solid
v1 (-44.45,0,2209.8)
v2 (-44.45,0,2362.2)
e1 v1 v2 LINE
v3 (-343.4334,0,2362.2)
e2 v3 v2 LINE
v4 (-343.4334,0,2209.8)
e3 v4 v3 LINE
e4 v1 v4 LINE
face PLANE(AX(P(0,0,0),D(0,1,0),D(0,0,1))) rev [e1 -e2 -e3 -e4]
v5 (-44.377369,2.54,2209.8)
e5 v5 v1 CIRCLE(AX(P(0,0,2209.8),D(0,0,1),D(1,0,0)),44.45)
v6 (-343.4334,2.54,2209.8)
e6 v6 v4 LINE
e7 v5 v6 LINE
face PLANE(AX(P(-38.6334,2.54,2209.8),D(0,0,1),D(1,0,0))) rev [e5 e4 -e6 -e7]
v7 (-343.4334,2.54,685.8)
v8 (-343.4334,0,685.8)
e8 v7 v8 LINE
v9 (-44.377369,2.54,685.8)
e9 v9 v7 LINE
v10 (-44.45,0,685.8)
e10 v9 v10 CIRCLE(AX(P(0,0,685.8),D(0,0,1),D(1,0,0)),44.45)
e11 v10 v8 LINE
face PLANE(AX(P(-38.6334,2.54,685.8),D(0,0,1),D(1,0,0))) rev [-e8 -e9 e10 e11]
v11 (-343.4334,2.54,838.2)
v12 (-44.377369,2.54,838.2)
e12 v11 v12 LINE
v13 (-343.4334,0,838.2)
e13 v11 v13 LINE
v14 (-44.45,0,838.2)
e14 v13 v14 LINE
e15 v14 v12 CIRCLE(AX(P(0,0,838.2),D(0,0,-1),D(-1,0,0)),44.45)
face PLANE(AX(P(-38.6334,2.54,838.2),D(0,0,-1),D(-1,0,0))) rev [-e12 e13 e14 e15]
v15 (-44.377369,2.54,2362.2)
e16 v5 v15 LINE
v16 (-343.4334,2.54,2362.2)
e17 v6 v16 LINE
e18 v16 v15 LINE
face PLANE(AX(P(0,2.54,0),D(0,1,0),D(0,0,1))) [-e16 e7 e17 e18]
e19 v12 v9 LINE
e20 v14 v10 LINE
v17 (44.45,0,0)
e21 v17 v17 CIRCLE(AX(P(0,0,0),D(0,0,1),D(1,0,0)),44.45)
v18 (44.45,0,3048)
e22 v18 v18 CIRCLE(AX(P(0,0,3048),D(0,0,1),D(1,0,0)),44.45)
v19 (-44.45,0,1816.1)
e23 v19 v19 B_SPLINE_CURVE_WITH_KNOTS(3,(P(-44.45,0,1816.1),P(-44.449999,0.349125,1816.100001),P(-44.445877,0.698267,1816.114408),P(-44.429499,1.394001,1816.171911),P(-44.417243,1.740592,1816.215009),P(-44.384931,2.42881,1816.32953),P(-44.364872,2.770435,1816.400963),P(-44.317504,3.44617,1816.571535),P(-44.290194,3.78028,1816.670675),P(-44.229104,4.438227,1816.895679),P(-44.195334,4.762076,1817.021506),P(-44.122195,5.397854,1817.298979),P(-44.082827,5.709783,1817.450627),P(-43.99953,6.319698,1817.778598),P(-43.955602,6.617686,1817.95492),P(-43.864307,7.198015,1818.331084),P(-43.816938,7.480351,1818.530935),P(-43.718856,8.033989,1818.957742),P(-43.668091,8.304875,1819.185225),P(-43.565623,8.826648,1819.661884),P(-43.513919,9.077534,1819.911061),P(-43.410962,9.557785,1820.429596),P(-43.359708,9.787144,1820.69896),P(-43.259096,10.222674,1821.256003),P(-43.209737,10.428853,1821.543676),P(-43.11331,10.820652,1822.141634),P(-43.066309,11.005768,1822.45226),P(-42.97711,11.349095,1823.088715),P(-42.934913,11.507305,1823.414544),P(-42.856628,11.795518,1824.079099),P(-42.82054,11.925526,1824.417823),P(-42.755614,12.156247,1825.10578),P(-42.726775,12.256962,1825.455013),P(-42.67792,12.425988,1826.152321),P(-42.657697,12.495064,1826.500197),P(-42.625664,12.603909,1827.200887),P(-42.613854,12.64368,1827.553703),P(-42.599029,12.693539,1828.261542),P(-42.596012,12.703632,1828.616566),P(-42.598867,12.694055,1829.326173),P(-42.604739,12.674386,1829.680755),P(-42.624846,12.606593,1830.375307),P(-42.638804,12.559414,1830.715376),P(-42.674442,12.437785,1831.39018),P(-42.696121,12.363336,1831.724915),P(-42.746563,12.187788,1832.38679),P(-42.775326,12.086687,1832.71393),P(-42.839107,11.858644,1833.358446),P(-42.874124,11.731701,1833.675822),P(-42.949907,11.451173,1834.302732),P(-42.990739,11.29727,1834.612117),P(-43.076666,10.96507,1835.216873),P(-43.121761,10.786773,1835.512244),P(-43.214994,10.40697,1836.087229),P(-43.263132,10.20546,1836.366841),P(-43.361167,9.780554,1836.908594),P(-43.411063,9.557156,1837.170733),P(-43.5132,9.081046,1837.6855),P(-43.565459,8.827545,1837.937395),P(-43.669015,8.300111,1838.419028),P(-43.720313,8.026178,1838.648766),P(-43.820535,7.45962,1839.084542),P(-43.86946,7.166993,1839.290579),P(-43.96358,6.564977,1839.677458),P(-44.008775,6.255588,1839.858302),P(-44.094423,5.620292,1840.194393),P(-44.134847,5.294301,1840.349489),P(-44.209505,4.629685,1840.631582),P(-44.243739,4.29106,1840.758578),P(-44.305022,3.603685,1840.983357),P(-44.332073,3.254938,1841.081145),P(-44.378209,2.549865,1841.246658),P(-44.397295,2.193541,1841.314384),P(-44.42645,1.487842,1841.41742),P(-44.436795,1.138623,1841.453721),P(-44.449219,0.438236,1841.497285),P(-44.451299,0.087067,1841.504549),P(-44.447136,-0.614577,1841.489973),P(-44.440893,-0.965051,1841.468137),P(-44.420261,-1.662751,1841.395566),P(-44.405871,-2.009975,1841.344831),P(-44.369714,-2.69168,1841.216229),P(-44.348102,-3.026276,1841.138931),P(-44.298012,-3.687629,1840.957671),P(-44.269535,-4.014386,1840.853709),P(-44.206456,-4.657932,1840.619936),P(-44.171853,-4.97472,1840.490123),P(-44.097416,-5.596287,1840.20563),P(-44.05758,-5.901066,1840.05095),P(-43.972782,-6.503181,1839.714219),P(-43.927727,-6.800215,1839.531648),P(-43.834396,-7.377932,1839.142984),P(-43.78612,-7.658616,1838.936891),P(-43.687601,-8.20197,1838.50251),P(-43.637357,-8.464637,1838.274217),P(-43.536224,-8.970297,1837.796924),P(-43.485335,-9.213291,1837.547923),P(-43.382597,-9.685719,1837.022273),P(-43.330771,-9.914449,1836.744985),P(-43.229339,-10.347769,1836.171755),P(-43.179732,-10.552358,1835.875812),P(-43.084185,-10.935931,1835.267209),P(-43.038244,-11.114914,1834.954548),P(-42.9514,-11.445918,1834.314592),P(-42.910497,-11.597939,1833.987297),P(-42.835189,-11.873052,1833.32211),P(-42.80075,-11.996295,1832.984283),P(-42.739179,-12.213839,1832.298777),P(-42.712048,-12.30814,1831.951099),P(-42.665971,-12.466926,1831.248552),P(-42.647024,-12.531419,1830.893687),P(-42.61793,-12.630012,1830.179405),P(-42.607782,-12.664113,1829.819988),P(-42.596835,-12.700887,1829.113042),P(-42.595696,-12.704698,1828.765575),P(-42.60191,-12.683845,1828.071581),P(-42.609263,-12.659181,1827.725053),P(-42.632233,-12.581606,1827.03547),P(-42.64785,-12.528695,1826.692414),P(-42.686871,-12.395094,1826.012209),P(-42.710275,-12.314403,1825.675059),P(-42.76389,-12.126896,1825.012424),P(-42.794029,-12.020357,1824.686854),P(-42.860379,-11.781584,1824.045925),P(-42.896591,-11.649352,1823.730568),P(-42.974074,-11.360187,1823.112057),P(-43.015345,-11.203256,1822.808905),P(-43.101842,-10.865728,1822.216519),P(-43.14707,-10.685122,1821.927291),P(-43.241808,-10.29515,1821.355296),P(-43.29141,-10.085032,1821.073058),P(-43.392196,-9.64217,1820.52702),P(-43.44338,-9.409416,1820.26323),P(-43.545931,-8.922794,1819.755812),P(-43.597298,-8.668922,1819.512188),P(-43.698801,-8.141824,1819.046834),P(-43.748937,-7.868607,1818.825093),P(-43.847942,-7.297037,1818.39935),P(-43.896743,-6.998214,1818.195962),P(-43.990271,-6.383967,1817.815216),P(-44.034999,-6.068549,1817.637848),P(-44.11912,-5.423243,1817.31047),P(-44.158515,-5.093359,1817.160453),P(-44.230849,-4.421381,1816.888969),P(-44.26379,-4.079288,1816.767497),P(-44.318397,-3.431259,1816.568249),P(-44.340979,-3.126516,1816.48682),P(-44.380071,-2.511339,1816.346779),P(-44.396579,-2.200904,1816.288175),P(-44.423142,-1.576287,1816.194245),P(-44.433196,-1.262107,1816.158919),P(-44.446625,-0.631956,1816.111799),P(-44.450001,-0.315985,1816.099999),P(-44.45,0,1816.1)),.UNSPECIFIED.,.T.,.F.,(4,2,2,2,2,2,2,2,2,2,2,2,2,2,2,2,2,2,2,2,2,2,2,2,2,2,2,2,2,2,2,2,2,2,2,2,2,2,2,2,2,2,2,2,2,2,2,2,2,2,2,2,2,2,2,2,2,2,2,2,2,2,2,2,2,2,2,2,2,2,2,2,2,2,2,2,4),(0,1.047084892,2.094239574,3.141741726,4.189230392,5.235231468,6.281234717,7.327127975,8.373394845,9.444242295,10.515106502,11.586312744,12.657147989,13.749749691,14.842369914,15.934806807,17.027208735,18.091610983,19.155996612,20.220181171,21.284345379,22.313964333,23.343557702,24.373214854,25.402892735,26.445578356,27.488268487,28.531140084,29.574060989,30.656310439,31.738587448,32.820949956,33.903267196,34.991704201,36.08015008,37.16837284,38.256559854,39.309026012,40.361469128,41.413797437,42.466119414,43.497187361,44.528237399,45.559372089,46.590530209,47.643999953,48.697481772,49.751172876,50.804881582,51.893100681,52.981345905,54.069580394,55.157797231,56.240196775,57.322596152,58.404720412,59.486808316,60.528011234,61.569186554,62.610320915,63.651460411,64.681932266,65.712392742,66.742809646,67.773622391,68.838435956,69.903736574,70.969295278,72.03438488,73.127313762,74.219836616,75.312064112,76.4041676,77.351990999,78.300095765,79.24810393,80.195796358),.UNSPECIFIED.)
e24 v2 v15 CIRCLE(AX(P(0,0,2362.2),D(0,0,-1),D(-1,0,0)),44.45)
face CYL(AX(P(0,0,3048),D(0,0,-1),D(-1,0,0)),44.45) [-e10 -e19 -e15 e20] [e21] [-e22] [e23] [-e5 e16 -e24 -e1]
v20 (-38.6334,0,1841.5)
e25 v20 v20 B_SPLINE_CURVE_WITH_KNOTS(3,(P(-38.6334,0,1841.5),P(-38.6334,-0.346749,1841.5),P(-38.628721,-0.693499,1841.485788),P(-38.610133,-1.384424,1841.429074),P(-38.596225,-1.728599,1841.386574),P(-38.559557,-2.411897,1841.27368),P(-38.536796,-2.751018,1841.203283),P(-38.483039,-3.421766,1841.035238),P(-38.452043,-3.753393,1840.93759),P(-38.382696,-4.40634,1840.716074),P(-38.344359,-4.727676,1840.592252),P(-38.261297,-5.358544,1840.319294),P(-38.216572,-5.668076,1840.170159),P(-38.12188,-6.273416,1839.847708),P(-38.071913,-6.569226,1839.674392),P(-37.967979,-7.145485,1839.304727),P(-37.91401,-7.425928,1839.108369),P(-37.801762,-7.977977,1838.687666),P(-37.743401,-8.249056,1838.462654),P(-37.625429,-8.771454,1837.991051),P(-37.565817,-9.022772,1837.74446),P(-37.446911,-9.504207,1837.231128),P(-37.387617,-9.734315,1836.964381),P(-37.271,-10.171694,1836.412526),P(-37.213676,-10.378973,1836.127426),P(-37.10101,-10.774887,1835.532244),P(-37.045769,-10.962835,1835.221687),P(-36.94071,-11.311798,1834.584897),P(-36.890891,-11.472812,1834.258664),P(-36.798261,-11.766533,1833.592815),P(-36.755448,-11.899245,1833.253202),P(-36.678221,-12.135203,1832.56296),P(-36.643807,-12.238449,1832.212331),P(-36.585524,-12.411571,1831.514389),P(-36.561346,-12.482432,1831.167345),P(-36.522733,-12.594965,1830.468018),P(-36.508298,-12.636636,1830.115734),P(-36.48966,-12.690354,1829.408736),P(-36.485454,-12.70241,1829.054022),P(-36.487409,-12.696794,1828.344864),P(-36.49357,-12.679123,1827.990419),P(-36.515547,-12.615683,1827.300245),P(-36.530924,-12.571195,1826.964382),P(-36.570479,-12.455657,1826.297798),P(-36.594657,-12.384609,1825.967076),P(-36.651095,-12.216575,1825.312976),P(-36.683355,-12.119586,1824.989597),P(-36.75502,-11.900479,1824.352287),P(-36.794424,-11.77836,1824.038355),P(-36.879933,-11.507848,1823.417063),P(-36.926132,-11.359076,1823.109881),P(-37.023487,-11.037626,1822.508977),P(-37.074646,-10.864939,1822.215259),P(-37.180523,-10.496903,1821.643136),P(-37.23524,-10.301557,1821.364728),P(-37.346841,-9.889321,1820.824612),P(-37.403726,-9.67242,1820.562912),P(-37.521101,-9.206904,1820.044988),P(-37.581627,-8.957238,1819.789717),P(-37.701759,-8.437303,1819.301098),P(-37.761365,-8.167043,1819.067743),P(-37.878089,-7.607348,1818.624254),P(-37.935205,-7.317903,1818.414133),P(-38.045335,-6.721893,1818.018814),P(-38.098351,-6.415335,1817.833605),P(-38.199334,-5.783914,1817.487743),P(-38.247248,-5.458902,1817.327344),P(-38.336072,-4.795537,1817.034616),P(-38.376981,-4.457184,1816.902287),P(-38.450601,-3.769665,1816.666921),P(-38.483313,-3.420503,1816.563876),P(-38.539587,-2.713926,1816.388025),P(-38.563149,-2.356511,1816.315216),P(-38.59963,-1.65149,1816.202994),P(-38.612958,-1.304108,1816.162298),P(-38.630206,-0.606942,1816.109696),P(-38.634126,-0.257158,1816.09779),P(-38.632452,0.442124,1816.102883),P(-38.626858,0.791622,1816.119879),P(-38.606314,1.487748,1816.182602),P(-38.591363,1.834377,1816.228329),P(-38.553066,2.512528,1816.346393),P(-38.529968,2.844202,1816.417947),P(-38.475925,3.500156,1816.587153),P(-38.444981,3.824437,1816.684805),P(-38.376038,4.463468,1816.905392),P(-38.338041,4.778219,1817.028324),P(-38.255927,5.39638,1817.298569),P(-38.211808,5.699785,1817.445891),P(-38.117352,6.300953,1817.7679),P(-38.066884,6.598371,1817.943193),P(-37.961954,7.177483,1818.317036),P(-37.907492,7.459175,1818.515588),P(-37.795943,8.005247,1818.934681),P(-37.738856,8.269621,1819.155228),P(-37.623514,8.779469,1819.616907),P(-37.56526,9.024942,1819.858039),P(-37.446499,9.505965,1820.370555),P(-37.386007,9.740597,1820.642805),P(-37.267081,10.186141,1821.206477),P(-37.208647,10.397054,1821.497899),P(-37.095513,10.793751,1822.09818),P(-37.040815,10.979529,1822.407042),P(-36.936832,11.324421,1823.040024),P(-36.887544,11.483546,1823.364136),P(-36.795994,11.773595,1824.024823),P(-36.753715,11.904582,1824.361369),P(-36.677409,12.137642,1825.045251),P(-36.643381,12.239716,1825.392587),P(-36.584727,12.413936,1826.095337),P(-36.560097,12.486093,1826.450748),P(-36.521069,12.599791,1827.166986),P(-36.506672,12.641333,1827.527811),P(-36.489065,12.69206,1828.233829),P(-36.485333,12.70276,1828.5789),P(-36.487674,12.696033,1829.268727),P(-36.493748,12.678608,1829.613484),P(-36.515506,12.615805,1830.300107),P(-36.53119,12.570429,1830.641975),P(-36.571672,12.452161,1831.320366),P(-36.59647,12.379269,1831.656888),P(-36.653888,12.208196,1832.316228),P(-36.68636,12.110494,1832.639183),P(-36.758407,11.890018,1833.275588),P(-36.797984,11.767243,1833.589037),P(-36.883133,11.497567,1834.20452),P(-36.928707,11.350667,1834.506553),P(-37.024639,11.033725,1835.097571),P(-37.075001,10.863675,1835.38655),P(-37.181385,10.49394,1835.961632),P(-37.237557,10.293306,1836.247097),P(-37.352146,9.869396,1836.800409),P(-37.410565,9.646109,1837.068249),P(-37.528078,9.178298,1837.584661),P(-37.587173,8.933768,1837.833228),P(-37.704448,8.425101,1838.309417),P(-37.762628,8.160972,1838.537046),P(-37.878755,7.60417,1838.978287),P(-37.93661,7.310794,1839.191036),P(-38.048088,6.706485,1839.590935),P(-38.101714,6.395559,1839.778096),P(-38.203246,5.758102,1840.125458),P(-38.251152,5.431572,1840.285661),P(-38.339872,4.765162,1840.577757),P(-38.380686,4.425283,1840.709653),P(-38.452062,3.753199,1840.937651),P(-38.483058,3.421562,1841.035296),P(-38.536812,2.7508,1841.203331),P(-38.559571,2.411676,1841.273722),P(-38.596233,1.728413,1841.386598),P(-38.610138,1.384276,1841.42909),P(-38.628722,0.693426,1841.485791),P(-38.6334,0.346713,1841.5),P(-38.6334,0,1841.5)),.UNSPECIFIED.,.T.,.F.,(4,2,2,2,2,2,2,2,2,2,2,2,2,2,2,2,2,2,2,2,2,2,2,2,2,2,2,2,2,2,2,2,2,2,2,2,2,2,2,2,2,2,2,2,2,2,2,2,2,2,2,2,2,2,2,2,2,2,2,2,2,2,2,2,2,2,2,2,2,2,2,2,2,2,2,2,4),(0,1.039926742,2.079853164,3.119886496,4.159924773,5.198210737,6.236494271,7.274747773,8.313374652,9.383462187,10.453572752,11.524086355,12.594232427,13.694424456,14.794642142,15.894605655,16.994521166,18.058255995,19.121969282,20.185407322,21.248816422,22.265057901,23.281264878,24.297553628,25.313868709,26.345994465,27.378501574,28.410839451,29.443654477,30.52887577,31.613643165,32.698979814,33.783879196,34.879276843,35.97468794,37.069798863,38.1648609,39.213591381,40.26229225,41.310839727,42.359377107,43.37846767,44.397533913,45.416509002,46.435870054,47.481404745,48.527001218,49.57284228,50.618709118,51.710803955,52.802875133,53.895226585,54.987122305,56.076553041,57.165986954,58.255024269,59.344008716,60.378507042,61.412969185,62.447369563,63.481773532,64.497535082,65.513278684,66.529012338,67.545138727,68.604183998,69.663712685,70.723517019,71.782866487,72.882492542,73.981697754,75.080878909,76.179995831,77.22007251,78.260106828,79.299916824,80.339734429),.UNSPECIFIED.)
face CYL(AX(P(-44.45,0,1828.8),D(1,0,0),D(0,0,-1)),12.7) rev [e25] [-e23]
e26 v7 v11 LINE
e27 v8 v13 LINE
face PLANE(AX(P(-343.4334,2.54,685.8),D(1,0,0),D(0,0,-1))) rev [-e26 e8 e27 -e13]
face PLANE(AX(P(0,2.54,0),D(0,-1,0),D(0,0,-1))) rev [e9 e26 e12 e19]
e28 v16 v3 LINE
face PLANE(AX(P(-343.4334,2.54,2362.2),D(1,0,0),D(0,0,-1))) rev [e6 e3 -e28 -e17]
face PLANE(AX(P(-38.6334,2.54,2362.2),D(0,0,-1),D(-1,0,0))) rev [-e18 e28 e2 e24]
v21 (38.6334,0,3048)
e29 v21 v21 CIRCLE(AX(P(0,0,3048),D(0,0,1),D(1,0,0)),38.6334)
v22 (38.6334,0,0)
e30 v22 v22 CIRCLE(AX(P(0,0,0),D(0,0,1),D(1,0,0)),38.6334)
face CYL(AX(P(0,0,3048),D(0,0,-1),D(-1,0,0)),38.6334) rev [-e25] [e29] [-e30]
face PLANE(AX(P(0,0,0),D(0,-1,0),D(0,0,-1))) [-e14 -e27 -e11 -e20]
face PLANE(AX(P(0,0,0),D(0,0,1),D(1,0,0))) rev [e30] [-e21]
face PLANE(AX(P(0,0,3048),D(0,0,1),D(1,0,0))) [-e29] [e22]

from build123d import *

# Parameters (mm, degrees)
SKETCH1_R           = 44.45
SKETCH1_R_2         = 38.6334
BOSS_EXTRUDE1_DEPTH = 3048
SKETCH2_R           = 12.7
CUT_EXTRUDE1_DEPTH  = 45.45
SKETCH3_W           = 304.8
SKETCH3_H           = 152.4
BOSS_EXTRUDE2_DEPTH = 2.54


with BuildPart() as part:
    # Sketch1 → Boss-Extrude1 (new body)
    with BuildSketch(Plane.XY):
        Circle(SKETCH1_R)
        Circle(SKETCH1_R_2, mode=Mode.SUBTRACT)
    extrude(amount=BOSS_EXTRUDE1_DEPTH)

    # Sketch2 → Cut-Extrude1 (cut, through all)
    with BuildSketch(Plane(origin=(0, 0, 0), x_dir=(0, 0, -1), z_dir=(1, 0, 0))):
        with Locations((-1828.8, 0)):
            Circle(SKETCH2_R)
    extrude(amount=-CUT_EXTRUDE1_DEPTH, mode=Mode.SUBTRACT)

    # Sketch3 → Boss-Extrude2 (add)
    with BuildSketch(Plane(origin=(0, 0, 0), x_dir=(1, 0, 0), z_dir=(0, 1, 0))):
        with Locations((-191.0334, -762)):
            Rectangle(SKETCH3_W, SKETCH3_H)
        with Locations((-191.0334, -2286)):
            Rectangle(SKETCH3_W, SKETCH3_H)
    extrude(amount=BOSS_EXTRUDE2_DEPTH)


solid = part.part
